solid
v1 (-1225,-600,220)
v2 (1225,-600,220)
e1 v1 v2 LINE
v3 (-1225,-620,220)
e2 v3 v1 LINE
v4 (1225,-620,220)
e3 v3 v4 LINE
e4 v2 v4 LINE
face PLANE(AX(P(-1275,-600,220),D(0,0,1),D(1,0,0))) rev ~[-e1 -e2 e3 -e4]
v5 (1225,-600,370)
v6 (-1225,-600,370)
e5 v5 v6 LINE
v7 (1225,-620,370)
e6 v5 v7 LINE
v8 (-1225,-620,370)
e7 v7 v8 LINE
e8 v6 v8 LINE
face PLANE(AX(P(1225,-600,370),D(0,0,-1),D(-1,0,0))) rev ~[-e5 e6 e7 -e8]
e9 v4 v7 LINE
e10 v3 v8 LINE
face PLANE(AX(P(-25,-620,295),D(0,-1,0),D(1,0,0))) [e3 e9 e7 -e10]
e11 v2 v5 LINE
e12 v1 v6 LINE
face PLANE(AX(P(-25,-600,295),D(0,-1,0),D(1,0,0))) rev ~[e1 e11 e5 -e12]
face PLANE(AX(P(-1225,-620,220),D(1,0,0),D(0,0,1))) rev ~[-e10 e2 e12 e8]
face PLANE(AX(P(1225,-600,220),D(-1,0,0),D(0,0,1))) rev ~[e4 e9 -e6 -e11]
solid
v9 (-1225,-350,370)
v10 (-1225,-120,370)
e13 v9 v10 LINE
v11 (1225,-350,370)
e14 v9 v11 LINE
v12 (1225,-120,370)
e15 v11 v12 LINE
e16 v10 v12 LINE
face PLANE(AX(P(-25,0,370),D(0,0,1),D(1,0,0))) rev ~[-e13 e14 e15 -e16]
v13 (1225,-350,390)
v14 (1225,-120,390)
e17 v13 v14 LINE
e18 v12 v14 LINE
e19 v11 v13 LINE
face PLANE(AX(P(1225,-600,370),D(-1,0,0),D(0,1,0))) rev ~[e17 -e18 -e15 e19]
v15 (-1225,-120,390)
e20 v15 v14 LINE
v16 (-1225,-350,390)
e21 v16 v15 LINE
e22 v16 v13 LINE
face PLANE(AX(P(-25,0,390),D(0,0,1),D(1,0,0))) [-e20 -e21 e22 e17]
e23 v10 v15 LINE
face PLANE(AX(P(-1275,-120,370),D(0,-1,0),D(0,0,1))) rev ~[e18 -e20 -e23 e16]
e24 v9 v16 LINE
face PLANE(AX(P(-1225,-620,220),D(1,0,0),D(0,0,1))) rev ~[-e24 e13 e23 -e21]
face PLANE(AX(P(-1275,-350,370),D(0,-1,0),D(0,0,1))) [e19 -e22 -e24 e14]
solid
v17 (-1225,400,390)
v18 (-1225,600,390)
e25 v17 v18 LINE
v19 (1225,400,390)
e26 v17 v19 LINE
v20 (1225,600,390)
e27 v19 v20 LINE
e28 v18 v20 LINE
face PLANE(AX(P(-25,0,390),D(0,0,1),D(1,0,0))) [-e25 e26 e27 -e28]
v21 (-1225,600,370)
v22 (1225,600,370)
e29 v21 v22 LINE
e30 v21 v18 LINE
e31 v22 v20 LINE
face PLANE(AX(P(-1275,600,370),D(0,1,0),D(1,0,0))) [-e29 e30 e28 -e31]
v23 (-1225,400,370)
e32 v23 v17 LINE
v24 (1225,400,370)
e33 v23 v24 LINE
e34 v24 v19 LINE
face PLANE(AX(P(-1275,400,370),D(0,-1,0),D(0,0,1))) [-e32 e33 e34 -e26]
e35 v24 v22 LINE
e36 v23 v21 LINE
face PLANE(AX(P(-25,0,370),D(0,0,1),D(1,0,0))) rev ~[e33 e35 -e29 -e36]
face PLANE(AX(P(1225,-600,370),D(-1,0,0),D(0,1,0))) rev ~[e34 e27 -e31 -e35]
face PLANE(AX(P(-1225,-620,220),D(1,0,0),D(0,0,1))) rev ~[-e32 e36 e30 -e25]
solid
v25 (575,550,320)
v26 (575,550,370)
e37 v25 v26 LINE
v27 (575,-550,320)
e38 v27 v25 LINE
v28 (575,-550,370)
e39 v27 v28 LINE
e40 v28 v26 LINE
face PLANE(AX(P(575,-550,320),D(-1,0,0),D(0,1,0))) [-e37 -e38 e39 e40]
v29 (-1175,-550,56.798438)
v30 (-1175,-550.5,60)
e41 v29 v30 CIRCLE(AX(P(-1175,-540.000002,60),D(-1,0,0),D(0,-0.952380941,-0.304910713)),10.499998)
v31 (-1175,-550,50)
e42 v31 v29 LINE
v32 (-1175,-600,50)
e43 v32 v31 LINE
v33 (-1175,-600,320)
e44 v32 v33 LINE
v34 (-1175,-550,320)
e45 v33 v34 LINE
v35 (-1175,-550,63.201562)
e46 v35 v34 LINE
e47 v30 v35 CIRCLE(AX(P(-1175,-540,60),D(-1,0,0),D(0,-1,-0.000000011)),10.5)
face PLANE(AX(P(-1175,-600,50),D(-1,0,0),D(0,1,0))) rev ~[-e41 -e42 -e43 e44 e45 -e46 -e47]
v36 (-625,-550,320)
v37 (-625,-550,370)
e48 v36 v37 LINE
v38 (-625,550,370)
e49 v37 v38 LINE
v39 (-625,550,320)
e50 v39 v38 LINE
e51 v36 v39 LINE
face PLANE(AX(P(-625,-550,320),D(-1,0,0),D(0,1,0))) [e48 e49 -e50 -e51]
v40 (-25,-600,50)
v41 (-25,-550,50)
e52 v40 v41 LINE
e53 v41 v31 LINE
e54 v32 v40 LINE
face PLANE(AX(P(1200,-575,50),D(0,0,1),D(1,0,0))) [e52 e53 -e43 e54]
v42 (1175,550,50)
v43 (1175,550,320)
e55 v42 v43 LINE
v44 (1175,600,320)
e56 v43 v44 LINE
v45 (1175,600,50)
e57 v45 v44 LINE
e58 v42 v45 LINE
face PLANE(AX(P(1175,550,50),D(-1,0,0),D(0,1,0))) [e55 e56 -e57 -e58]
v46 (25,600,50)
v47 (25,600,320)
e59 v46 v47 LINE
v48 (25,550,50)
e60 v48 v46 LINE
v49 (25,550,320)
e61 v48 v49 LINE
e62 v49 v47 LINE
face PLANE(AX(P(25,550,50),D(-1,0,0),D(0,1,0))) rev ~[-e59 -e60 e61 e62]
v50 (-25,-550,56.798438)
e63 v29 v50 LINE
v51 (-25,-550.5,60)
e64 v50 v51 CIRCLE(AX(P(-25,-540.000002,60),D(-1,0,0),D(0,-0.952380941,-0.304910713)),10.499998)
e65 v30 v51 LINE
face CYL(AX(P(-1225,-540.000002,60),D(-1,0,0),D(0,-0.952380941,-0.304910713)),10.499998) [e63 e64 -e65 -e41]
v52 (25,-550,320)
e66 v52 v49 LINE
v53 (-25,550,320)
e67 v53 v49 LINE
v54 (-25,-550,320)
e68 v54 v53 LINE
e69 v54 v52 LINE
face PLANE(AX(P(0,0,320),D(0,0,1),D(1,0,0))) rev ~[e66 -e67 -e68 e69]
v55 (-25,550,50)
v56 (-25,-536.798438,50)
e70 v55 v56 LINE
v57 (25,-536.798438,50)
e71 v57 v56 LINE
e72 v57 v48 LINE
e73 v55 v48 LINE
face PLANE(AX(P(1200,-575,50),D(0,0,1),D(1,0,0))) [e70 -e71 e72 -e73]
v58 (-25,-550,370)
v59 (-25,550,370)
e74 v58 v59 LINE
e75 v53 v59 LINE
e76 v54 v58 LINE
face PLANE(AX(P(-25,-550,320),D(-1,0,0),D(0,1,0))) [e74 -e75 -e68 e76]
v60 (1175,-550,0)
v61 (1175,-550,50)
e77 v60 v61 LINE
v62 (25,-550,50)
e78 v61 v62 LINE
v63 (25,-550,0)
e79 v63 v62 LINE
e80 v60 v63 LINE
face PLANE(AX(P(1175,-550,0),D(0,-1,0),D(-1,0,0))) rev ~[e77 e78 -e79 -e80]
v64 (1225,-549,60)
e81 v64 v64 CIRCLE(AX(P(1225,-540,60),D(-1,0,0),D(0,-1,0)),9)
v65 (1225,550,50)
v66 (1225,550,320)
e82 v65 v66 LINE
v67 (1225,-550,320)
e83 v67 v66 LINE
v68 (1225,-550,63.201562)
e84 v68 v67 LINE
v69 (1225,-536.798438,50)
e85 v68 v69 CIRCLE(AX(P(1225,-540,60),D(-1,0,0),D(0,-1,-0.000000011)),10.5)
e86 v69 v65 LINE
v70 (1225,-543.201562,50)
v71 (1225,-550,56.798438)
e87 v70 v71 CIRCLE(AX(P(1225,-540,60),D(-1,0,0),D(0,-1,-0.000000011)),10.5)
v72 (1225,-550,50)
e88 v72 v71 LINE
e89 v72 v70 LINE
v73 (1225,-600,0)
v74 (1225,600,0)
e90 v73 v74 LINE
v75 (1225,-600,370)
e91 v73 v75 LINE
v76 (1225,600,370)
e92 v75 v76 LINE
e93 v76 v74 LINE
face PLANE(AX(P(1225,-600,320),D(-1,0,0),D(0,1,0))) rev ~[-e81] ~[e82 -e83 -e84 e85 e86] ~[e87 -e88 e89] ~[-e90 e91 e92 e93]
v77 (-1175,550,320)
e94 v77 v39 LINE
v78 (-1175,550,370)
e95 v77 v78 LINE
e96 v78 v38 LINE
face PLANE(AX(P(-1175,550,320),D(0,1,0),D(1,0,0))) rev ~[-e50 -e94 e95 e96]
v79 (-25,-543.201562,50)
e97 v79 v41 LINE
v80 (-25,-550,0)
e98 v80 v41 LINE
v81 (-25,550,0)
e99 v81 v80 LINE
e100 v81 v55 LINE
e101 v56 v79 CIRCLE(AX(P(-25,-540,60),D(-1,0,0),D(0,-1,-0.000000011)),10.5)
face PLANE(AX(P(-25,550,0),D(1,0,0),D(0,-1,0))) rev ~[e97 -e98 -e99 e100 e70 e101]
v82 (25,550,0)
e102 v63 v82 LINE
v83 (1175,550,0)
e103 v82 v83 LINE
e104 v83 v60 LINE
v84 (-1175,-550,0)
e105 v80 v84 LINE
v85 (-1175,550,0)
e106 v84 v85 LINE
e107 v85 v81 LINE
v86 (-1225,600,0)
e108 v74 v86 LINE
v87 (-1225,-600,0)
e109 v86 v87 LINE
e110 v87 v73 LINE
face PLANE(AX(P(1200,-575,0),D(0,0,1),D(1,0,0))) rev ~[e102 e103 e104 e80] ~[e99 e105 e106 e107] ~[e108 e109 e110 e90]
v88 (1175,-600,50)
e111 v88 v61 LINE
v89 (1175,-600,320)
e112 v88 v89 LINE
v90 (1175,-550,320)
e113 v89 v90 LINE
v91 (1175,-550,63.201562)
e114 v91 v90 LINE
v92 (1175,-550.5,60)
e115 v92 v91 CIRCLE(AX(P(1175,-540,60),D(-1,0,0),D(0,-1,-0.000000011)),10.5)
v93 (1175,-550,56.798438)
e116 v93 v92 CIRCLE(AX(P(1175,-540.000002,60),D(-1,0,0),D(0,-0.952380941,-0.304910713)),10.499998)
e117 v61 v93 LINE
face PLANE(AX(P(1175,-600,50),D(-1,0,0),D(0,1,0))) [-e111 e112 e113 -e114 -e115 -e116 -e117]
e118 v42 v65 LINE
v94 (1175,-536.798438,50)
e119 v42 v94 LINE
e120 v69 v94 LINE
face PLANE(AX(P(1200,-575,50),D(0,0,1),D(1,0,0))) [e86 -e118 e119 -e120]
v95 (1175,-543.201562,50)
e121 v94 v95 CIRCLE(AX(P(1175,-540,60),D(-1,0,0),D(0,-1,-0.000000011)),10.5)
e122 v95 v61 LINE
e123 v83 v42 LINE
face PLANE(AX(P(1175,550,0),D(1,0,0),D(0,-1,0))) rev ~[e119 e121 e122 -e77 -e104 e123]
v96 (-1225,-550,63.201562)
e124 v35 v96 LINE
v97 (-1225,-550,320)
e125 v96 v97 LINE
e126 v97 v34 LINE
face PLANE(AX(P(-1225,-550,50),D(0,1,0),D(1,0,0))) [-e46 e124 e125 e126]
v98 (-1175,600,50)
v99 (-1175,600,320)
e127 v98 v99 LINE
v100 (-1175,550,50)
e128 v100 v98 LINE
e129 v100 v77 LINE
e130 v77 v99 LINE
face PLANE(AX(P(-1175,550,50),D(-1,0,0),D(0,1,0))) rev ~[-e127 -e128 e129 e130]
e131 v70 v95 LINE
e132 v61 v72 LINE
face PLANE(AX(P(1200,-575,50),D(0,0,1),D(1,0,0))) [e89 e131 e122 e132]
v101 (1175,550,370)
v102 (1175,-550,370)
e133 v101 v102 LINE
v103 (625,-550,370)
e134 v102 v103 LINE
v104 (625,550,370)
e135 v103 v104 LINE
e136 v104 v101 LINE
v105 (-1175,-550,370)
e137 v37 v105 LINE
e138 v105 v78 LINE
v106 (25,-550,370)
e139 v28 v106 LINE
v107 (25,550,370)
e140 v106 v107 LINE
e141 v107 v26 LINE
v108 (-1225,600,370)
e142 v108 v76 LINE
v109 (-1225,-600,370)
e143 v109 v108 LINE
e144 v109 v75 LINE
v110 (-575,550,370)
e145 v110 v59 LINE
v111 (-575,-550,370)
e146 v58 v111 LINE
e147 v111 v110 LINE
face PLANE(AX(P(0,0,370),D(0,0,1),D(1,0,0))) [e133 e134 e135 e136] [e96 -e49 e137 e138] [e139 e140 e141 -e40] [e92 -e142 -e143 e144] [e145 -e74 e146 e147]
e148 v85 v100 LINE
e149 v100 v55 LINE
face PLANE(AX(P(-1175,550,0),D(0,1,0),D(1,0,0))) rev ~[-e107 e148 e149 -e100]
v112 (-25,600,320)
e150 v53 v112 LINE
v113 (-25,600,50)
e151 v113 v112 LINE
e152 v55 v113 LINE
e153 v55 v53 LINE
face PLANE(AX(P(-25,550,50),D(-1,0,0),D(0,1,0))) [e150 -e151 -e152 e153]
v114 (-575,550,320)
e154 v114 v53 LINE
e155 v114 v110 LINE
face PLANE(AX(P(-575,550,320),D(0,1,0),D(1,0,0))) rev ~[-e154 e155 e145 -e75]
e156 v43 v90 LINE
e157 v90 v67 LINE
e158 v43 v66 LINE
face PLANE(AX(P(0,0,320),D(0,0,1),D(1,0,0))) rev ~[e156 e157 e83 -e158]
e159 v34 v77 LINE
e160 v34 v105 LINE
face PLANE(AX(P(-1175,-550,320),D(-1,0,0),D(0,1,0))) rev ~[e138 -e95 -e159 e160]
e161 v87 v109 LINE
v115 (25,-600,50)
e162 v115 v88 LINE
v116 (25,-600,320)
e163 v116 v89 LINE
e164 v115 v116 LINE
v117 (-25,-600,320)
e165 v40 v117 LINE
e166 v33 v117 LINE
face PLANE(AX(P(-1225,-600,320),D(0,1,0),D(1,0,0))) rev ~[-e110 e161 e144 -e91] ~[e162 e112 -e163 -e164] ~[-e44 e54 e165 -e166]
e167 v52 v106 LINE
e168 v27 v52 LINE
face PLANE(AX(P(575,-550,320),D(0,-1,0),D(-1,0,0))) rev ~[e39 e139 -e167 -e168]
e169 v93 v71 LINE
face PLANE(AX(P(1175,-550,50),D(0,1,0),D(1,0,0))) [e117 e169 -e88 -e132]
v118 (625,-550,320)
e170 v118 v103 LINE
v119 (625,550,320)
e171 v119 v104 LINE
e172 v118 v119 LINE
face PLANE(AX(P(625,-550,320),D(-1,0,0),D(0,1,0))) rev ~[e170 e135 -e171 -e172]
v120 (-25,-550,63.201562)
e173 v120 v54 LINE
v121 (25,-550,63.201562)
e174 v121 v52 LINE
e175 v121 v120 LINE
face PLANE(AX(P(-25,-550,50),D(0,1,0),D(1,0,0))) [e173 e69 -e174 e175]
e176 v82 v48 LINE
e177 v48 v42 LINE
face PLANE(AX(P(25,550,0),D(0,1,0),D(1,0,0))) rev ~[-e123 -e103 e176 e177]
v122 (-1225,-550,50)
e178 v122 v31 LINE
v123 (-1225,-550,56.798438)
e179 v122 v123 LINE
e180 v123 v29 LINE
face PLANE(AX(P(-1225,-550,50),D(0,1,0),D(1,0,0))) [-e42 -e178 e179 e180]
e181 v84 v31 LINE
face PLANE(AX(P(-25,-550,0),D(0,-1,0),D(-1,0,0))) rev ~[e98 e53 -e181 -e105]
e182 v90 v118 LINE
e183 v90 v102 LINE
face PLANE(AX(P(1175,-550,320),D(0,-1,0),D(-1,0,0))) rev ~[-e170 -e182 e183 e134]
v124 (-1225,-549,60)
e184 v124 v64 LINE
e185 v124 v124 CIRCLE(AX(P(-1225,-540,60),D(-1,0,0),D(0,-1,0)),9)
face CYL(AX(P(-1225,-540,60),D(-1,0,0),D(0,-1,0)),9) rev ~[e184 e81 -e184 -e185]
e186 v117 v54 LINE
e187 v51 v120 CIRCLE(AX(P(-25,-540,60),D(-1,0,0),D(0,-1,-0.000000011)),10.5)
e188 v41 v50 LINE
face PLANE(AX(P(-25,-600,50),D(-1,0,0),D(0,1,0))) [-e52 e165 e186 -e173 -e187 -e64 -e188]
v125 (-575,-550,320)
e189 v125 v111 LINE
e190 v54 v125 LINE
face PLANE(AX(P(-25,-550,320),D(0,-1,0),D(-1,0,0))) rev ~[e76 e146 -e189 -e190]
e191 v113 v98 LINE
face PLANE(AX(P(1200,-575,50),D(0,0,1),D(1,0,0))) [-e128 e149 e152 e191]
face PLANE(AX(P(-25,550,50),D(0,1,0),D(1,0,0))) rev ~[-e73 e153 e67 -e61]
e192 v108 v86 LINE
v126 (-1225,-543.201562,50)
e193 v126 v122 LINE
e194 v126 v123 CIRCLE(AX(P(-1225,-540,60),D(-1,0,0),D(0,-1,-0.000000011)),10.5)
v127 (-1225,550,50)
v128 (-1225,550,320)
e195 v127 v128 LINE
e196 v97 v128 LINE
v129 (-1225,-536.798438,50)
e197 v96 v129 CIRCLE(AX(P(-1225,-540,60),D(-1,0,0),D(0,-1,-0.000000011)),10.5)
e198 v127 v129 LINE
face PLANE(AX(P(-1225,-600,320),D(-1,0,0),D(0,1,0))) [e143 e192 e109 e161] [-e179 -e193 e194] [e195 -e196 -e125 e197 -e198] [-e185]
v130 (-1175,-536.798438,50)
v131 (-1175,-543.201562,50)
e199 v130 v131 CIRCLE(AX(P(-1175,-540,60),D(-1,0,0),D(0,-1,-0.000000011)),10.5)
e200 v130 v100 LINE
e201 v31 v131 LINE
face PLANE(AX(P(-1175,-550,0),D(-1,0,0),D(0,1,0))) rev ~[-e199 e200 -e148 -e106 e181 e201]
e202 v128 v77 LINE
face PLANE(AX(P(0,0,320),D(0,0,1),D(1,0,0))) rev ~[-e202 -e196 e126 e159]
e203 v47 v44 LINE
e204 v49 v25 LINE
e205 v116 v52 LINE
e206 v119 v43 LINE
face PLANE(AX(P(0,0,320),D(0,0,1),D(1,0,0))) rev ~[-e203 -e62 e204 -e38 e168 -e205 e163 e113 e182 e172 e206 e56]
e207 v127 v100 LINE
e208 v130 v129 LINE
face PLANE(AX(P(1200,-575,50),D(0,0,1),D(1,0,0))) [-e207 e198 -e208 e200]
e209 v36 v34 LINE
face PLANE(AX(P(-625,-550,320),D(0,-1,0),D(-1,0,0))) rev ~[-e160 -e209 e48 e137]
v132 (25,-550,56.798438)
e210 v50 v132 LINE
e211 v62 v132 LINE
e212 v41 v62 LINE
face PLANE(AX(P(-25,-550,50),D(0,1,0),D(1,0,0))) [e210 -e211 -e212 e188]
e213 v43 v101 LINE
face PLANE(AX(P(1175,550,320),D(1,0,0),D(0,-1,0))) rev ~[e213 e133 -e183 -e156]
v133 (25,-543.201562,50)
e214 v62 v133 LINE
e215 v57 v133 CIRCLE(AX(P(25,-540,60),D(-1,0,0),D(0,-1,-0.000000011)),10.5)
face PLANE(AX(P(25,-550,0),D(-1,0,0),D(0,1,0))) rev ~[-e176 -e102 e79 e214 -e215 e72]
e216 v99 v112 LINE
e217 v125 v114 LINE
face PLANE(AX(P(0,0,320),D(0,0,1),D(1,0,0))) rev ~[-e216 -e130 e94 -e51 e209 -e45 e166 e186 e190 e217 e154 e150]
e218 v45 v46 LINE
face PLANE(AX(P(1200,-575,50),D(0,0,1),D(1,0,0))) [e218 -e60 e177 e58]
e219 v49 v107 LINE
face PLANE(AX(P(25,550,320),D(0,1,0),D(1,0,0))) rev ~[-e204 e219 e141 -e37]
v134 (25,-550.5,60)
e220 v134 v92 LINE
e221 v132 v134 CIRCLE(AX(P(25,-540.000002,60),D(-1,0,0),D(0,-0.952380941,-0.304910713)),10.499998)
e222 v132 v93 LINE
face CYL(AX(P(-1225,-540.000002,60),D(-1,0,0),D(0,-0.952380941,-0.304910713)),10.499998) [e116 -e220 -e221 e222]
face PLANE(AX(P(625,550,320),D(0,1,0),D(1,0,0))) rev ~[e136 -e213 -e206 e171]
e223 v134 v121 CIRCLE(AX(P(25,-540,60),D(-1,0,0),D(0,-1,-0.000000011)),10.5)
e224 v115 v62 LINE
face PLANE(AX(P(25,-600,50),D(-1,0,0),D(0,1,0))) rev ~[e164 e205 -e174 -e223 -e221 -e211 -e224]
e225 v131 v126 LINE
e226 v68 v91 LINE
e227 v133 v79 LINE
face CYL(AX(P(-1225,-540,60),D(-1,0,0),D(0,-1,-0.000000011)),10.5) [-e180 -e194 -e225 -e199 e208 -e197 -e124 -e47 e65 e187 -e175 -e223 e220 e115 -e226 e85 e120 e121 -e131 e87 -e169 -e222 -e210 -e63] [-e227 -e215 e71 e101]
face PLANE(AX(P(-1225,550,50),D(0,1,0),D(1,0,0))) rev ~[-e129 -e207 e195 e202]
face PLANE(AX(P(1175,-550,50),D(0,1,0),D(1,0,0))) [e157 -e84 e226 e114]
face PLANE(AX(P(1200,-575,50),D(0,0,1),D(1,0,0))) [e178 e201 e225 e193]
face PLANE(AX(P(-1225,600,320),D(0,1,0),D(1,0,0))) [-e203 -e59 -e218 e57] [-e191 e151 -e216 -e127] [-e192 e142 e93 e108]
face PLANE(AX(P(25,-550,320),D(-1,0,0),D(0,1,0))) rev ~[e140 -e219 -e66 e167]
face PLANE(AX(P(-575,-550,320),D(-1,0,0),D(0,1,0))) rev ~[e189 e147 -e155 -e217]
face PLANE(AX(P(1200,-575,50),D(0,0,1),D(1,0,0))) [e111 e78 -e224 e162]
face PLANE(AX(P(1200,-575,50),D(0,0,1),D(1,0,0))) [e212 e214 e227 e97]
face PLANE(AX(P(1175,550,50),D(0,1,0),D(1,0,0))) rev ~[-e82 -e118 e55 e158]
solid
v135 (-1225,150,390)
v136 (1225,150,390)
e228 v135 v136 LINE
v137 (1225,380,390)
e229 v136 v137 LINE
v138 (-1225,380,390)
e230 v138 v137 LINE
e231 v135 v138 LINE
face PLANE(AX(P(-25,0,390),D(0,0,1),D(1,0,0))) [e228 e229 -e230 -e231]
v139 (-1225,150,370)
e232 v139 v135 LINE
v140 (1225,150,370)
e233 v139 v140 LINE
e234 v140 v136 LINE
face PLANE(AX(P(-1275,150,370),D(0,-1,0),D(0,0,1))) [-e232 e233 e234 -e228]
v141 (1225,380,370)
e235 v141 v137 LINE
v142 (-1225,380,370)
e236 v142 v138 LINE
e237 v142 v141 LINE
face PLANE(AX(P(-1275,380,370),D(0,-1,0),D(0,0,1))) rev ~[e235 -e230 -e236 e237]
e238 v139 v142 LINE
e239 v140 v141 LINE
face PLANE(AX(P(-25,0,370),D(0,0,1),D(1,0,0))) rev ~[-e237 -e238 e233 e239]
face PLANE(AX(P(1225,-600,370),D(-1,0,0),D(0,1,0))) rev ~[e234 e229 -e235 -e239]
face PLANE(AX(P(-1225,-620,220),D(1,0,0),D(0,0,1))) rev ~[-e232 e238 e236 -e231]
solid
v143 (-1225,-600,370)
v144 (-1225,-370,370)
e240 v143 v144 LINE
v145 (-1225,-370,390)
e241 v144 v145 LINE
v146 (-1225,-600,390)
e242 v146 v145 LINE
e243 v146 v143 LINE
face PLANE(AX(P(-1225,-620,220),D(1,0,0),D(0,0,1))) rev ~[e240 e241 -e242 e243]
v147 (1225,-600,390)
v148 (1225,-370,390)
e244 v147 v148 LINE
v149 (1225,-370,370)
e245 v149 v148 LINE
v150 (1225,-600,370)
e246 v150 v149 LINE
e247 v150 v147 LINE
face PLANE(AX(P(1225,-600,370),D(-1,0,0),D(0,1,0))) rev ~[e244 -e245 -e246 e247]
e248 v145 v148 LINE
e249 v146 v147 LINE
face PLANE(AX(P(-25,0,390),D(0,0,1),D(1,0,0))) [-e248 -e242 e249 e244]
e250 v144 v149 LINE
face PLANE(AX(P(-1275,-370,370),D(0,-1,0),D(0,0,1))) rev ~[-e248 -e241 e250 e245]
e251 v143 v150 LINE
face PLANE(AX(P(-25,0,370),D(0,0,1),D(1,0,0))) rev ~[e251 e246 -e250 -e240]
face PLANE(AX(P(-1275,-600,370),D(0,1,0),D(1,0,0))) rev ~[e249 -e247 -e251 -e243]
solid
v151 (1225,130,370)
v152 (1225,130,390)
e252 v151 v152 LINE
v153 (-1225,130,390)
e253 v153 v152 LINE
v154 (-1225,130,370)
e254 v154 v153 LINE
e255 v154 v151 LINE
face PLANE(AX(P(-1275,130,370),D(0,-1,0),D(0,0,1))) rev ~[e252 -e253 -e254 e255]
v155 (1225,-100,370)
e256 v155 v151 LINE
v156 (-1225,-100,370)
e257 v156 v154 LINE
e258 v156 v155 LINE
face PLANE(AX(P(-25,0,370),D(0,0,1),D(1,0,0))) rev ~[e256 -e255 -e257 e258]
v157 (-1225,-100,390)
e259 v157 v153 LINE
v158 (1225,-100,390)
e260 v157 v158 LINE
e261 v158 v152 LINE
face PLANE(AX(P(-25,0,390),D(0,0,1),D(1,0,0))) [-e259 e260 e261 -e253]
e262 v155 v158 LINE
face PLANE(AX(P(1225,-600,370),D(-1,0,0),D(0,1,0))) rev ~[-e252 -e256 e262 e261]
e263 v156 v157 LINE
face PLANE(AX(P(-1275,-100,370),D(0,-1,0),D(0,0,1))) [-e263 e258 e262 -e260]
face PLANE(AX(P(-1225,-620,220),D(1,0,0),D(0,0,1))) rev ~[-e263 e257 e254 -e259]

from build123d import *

# Parameters (mm, degrees)
F0_W      = 50
F0_H      = 50
F0_H_2    = 1100
F1_DEPTH  = 50
F2_W      = 50
F2_H      = 50
F3_DEPTH  = 270
F4_W      = 2450
F4_H      = 1200
F4_W_2    = 25
F4_H_2    = 1100
F4_W_3    = 50
F5_DEPTH  = 50
F6_R      = 9
F7_DEPTH  = 2450
F9_DEPTH  = 20
F10_W     = 2500
F10_H     = 1200
F11_DEPTH = 20
F12_W     = 20
F12_H     = 20
F13_DEPTH = 2500
F14_W     = 50
F14_H     = 170
F15_DEPTH = 1220


with BuildPart() as f1:
    # F0 (on Top) → F1 (new body)
    with BuildSketch(Plane.XY):
        with Locations((1200, -575)):
            Rectangle(F0_W, F0_H)
        Polygon((-1175, -600), (1175, -600), (1175, -550), (25, -550), (0, -550), (-25, -550), (-1175, -550), align=None)
        with Locations((1200, 0)):
            Rectangle(F0_W, F0_H_2)
        with Locations((-1200, -575)):
            Rectangle(F0_W, F0_H)
        with Locations((1200, 575)):
            Rectangle(F0_W, F0_H)
        with Locations((-1200, 0)):
            Rectangle(F0_W, F0_H_2)
        Polygon((25, 550), (1175, 550), (1175, 600), (-1175, 600), (-1175, 550), (-25, 550), (0, 550), align=None)
        with Locations((-1200, 575)):
            Rectangle(F0_W, F0_H)
        Polygon((0, -550), (25, -550), (25, 0), (25, 550), (0, 550), (0, 0), align=None)
        Polygon((-25, 0), (-25, -550), (0, -550), (0, 0), (0, 550), (-25, 550), align=None)
    extrude(amount=F1_DEPTH)

    # F2 (on face) → F3 (join)
    with BuildSketch(Plane.XY.offset(50)):
        with Locations((0, 575)):
            Rectangle(F2_W, F2_H)
        with Locations((-1200, 575)):
            Rectangle(F2_W, F2_H)
        with Locations((-1200, -575)):
            Rectangle(F2_W, F2_H)
        with Locations((0, -575)):
            Rectangle(F2_W, F2_H)
        with Locations((1200, -575)):
            Rectangle(F2_W, F2_H)
        with Locations((1200, 575)):
            Rectangle(F2_W, F2_H)
    extrude(amount=F3_DEPTH)

    # F4 (on face) → F5 (join)
    with BuildSketch(Plane.XY.offset(320)):
        Rectangle(F4_W, F4_H)
        Polygon((1175, 550), (1175, -550), (625, -550), (600, -550), (575, -550), (25, -550), (-25, -550), (-575, -550), (-600, -550), (-625, -550), (-1175, -550), (-1175, 550), (-625, 550), (-600, 550), (-575, 550), (-25, 550), (25, 550), (575, 550), (600, 550), (625, 550), align=None, mode=Mode.SUBTRACT)
        with Locations((-587.5, 0)):
            Rectangle(F4_W_2, F4_H_2)
        with Locations((-612.5, 0)):
            Rectangle(F4_W_2, F4_H_2)
        with Locations((612.5, 0)):
            Rectangle(F4_W_2, F4_H_2)
        with Locations((587.5, 0)):
            Rectangle(F4_W_2, F4_H_2)
        Rectangle(F4_W_3, F4_H_2)
    extrude(amount=F5_DEPTH)

    # F6 (on face) → F7 (join)
    with BuildSketch(Plane(origin=(-1225, 0, 0), x_dir=(0, -1, 0), z_dir=(-1, 0, 0))):
        with Locations((540, 60)):
            Circle(F6_R)
        with BuildLine():
            ThreePointArc((550.5, 60), (529.625753, 61.620185), (550, 56.798438))
            ThreePointArc((550, 56.798438), (550.374247, 58.379815), (550.5, 60))
        make_face()
        with Locations((540, 60)):
            Circle(F6_R, mode=Mode.SUBTRACT)
    extrude(amount=-F7_DEPTH)


with BuildPart() as f9:
    # F8 (on face) → F9 (new body)
    with BuildSketch(Plane.XZ.offset(600)):
        Polygon((1225, 220), (1225, 370), (-1225, 370), (-1275, 370), (-1275, 220), align=None)
    extrude(amount=F9_DEPTH)


with BuildPart() as f11:
    # F10 (on face) → F11 (new body)
    with BuildSketch(Plane.XY.offset(370)):
        with Locations((-25, 0)):
            Rectangle(F10_W, F10_H)
    extrude(amount=F11_DEPTH)

    # F12 (on face) → F13 (cut, through all)
    with BuildSketch(Plane(origin=(-1275, 0, 0), x_dir=(0, -1, 0), z_dir=(-1, 0, 0))):
        with Locations((610, 380)):
            Rectangle(F12_W, F12_H)
        with Locations((360, 380)):
            Rectangle(F12_W, F12_H)
        with Locations((110, 380)):
            Rectangle(F12_W, F12_H)
        with Locations((-140, 380)):
            Rectangle(F12_W, F12_H)
        with Locations((-390, 380)):
            Rectangle(F12_W, F12_H)
    extrude(amount=-F13_DEPTH, mode=Mode.SUBTRACT)


with BuildPart() as f15_tool:
    # F14 (on face) → F15 (new body, through all)
    with BuildSketch(Plane.XZ.offset(620)):
        with Locations((-1250, 305)):
            Rectangle(F14_W, F14_H)
    extrude(amount=-F15_DEPTH)


with BuildPart() as f9_1:
    add(f9.part)

    # F15: cut by f15_tool
    add(f15_tool.part, mode=Mode.SUBTRACT)


with BuildPart() as f11_1:
    add(f11.part)

    # F15: cut by f15_tool
    add(f15_tool.part, mode=Mode.SUBTRACT)


solid = Compound([f1.part, f9_1.part, f11_1.part])
